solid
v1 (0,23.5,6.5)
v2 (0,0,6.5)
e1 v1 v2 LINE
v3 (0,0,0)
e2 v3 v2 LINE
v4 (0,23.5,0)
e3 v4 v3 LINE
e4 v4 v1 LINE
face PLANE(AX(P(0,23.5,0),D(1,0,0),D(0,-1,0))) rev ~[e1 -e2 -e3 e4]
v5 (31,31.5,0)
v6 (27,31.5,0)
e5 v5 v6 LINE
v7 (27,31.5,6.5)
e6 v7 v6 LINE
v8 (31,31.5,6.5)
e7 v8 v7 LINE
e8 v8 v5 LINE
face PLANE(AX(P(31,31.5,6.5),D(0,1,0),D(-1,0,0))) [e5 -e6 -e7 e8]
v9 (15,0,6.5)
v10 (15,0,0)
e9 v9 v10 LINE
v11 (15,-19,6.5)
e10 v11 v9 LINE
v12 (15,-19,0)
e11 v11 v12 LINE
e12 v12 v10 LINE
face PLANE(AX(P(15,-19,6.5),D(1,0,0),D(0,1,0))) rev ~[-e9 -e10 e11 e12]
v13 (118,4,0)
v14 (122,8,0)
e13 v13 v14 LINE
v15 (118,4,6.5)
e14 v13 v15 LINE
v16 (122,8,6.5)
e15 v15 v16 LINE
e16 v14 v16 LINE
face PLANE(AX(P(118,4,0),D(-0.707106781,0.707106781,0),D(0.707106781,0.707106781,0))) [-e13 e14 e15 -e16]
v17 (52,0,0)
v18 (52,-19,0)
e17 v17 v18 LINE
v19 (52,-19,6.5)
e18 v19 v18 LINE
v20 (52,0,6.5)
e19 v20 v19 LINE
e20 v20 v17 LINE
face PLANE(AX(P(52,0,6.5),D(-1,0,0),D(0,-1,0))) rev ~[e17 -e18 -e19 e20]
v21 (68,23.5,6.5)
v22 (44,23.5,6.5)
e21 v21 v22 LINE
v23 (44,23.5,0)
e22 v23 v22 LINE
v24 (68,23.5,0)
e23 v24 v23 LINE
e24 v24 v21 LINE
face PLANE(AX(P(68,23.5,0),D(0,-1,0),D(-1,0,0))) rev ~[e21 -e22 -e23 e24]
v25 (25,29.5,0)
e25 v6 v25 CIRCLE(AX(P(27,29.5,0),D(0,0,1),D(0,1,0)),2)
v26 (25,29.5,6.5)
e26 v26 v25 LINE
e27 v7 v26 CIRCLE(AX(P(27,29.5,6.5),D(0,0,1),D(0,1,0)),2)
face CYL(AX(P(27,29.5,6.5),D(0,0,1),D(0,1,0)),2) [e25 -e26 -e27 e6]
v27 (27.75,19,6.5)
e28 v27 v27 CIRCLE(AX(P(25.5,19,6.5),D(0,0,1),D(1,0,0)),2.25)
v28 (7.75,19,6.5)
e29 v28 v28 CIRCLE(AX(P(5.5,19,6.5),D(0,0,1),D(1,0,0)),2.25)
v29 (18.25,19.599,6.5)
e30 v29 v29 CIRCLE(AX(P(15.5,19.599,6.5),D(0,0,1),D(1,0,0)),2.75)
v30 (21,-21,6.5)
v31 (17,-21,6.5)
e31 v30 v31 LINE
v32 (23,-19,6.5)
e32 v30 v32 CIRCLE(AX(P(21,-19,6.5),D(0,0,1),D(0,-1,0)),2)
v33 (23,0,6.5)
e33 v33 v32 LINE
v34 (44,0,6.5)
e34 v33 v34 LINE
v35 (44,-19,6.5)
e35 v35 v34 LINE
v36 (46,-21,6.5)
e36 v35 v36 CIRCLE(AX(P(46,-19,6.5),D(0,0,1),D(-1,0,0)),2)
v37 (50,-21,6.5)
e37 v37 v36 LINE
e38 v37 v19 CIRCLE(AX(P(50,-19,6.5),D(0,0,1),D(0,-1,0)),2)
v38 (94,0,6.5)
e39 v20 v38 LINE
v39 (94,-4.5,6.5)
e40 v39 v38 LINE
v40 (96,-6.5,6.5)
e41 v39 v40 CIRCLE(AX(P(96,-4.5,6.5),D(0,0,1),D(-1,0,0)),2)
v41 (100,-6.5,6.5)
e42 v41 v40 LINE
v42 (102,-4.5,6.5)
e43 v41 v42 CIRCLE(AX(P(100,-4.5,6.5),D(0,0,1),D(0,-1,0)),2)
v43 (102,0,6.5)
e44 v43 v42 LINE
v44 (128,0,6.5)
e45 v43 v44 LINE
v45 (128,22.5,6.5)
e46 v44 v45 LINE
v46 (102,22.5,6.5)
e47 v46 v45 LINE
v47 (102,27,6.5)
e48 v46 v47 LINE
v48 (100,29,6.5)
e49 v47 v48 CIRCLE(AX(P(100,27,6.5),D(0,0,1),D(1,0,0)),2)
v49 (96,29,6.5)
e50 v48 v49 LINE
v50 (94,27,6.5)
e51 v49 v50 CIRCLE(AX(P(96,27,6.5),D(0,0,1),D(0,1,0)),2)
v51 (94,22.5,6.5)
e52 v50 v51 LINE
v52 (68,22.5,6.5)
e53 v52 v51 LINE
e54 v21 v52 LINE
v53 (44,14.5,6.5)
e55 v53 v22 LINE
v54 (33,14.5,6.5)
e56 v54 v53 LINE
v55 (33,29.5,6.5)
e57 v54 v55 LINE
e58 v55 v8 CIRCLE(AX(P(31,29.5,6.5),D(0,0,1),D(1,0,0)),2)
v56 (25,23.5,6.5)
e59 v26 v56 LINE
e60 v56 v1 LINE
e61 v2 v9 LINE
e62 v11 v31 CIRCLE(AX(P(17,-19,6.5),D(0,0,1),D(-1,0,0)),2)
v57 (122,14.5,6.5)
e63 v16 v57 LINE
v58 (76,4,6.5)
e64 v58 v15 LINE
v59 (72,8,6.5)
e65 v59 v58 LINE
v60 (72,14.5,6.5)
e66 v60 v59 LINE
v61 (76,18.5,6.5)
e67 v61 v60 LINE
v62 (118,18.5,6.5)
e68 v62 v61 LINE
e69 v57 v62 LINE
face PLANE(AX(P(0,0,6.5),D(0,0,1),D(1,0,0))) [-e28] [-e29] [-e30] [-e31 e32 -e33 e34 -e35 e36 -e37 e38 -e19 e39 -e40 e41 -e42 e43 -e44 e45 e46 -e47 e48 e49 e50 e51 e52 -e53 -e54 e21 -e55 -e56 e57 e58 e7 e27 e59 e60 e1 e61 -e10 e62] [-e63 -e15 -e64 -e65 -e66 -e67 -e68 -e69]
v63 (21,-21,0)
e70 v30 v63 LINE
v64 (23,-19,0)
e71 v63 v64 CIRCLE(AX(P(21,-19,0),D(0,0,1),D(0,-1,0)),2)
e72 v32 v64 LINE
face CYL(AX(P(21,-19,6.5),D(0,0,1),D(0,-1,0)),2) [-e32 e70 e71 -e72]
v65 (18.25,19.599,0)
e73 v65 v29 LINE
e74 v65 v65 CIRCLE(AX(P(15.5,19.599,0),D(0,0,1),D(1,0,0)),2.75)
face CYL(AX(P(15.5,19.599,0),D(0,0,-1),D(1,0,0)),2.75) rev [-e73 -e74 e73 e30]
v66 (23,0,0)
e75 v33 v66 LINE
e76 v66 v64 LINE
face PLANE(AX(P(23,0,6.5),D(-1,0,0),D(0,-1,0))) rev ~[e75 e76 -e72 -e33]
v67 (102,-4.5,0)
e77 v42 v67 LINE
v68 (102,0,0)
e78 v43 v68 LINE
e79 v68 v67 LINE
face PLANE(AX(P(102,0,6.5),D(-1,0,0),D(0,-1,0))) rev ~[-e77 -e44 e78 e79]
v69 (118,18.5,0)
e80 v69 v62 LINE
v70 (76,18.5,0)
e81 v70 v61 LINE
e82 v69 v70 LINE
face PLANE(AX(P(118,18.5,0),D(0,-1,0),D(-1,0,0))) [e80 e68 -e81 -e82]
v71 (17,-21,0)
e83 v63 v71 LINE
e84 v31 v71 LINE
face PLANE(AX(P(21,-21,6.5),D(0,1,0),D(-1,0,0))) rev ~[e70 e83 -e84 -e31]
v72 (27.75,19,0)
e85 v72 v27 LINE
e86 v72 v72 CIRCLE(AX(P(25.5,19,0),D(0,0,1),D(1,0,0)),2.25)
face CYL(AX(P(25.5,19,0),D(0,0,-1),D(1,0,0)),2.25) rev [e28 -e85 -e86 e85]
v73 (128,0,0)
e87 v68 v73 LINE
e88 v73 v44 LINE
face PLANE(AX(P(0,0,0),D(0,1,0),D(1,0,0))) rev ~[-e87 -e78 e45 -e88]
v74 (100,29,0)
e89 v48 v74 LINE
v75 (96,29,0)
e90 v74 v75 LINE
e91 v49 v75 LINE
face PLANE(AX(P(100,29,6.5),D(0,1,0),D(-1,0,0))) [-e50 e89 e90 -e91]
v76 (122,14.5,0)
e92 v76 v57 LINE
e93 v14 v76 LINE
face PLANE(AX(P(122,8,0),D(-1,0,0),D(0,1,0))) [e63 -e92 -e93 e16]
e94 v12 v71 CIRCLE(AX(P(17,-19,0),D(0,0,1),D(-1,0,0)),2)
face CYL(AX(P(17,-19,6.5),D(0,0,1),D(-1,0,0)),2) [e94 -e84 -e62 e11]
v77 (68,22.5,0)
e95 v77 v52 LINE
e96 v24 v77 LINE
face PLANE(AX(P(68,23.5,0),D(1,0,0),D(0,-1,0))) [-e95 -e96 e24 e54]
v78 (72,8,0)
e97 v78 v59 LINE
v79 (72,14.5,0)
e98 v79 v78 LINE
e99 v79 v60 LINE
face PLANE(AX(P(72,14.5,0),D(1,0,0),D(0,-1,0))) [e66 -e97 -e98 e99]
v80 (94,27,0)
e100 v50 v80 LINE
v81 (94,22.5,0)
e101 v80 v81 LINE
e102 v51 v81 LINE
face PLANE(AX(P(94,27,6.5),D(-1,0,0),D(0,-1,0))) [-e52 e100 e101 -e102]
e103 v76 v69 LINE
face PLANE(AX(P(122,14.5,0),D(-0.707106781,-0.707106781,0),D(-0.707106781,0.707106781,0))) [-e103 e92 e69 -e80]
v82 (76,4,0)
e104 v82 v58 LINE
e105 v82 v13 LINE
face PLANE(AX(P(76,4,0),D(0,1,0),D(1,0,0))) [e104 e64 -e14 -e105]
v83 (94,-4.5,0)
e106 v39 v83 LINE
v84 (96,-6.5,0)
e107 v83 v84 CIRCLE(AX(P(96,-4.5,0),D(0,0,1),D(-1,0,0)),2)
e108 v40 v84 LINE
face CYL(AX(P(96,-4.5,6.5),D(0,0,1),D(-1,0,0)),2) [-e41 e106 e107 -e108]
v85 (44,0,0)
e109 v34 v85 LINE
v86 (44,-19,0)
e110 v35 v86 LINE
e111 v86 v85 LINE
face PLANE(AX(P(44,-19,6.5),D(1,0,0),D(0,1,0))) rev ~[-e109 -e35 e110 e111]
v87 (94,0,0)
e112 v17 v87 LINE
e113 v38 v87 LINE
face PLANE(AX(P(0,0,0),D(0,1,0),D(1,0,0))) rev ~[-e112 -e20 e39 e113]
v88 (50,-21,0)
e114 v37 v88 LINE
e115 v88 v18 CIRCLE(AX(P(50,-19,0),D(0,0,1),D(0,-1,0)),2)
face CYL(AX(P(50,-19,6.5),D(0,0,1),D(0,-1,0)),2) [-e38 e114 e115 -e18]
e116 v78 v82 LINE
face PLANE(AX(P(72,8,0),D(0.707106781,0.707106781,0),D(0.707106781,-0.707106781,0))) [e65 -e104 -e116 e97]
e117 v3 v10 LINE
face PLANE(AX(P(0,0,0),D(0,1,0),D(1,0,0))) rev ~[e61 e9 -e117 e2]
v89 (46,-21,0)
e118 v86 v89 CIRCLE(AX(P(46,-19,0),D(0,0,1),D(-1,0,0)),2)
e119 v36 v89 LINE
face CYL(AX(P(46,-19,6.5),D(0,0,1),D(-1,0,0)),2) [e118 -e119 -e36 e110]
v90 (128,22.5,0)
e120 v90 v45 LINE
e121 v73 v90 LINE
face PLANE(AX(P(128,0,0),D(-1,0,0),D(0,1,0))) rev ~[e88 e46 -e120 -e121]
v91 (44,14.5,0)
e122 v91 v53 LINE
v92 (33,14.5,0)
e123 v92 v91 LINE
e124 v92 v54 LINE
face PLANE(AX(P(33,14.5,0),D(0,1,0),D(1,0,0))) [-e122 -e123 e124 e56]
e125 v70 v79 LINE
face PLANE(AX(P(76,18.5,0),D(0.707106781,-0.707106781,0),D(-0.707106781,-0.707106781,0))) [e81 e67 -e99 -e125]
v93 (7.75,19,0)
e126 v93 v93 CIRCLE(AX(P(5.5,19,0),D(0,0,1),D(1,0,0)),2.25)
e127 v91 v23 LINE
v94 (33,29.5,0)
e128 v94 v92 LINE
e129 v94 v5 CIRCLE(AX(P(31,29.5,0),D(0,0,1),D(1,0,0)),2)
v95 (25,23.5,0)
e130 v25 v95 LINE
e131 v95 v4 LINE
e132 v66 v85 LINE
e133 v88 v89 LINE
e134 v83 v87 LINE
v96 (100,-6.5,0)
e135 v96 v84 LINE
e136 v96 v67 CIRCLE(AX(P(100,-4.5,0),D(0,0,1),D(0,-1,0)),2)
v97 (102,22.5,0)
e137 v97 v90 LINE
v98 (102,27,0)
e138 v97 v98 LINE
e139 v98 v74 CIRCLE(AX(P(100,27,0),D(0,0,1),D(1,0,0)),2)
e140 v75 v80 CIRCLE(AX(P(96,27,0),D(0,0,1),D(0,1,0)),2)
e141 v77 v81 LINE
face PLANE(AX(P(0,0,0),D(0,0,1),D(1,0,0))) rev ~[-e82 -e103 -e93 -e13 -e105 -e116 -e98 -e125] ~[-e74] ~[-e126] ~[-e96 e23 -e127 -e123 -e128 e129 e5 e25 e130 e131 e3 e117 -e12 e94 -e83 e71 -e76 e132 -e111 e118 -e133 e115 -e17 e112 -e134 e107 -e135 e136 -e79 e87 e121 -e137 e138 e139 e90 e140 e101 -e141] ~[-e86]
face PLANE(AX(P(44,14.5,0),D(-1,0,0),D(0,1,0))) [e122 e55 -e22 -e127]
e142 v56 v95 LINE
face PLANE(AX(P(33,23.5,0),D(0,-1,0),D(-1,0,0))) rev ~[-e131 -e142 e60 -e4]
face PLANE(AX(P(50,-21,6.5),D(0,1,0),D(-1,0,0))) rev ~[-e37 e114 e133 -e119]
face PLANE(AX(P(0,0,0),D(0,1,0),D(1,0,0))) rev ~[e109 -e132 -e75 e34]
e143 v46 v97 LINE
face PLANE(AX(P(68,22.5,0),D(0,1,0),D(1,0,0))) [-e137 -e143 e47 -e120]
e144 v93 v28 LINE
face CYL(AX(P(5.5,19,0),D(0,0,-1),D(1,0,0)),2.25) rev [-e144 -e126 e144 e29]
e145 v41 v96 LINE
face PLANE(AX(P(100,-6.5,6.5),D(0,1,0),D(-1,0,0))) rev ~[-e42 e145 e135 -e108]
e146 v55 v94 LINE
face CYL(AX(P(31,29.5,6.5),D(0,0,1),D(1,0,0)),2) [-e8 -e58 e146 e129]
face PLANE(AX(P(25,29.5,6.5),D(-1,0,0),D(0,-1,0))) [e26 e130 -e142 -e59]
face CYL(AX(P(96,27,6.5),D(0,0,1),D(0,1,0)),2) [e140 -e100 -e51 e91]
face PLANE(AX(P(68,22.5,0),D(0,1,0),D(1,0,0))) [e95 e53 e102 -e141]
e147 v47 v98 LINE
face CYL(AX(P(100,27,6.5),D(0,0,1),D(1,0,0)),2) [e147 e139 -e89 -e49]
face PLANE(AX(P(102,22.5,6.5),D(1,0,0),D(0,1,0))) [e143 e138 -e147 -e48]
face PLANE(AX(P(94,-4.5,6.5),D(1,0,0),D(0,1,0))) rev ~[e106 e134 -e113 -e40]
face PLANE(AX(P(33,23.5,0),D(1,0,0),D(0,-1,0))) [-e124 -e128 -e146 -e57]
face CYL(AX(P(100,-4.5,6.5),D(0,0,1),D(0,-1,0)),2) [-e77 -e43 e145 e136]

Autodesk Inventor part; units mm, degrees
ref_plane "YZ Plane" through (0, 0, 0) normal (1, 0, 0) x (0, 1, 0)
ref_plane "XZ Plane" through (0, 0, 0) normal (0, 1, 0) x (-1, 0, 0)
ref_plane "XY Plane" through (0, 0, 0) normal (0, 0, 1) x (1, 0, 0)
sketch "Sketch1" plane through (0, 0, 0) normal (0, 0, 1) x (1, 0, 0)
  line L0 (0, 0) -> (128, 0)
  line L1 (128, 0) -> (128, 22.5)
  line L2 (0, 23.5) -> (0, 0)
  line L3 (68, 23.5) -> (68, 22.5)
  line L4 (68, 22.5) -> (128, 22.5)
  line L5 (33, 23.5) -> (33, 14.5)
  line L6 (33, 14.5) -> (44, 14.5)
  line L7 (44, 14.5) -> (44, 23.5)
  line L8 (68, 23.5) -> (44, 23.5)
  line L9 (33, 23.5) -> (0, 23.5)
  line L10 (72, 14.5) -> (72, 8)
  line L11 (72, 8) -> (76, 4)
  line L12 (76, 4) -> (118, 4)
  line L13 (118, 4) -> (122, 8)
  line L14 (122, 8) -> (122, 14.5)
  line L15 (122, 14.5) -> (118, 18.5)
  line L16 (118, 18.5) -> (76, 18.5)
  line L17 (76, 18.5) -> (72, 14.5)
  line L18 (68, 22.5) -> (68, 0) construction
  circle A0 centre (5.5, 19) radius 2.25
  circle A1 centre (25.5, 19) radius 2.25
  circle A2 centre (15.5, 19.599) radius 2.75
  circle A3 centre (38.5, 19.599) radius 7.5 construction
  circle A4 centre (38.5, 19.599) radius 4 construction
  point P0 (33, 19)
  dimension "d0" = 128
  dimension "d1" = 23.5
  dimension "d2" = 22.5
  dimension "d3" = 60
  dimension "d4" = 11
  dimension "d5" = 9
  dimension "d6" = 33
  dimension "d7" = 45
  dimension "d8" = 4
  dimension "d9" = 4
  dimension "d10" = 6
  dimension "d11" = 4
  dimension "d12" = 4
  dimension "d13" = 4.5
  dimension "d14" = 4.5
  dimension "d15" = 5.5
  dimension "d16" = 20
  dimension "d17" = 5.5
  dimension "d18" = 8
  dimension "d19" = 15
  dimension "d20" = 10
extrude "Extrusion1" add sketch "Sketch1" along normal blind 6.5
sketch "Sketch2" plane through (0, 0, 6.5) normal (0, 0, 1) x (1, 0, 0)
  line L0 (0, 0) -> (128, 0) projected
  line L1 (128, 0) -> (128, 22.5) projected
  line L2 (128, 22.5) -> (68, 22.5) projected
  line L3 (33, 23.5) -> (0, 23.5) projected
  line L4 (0, 23.5) -> (0, 0) projected
  line L5 (25, 23.5) -> (33, 23.5)
  line L6 (33, 23.5) -> (33, 29.5)
  line L7 (31, 31.5) -> (27, 31.5)
  line L8 (25, 29.5) -> (25, 23.5)
  line L9 (94, 22.5) -> (102, 22.5)
  line L10 (102, 22.5) -> (102, 27)
  line L11 (100, 29) -> (96, 29)
  line L12 (94, 27) -> (94, 22.5)
  line L13 (15, 0) -> (23, 0)
  line L14 (23, 0) -> (23, -19)
  line L15 (21, -21) -> (17, -21)
  line L16 (15, -19) -> (15, 0)
  line L17 (44, 0) -> (52, 0)
  line L18 (52, 0) -> (52, -19)
  line L19 (50, -21) -> (46, -21)
  line L20 (44, -19) -> (44, 0)
  line L21 (94, 0) -> (102, 0)
  line L22 (102, 0) -> (102, -4.5)
  line L23 (100, -6.5) -> (96, -6.5)
  line L24 (94, -4.5) -> (94, 0)
  arc A0 (27, 31.5) -> (25, 29.5) centre (27, 29.5) ccw
  arc A1 (33, 29.5) -> (31, 31.5) centre (31, 29.5) ccw
  arc A2 (96, 29) -> (94, 27) centre (96, 27) ccw
  arc A3 (102, 27) -> (100, 29) centre (100, 27) ccw
  arc A4 (15, -19) -> (17, -21) centre (17, -19) ccw
  arc A5 (21, -21) -> (23, -19) centre (21, -19) ccw
  arc A6 (44, -19) -> (46, -21) centre (46, -19) ccw
  arc A7 (50, -21) -> (52, -19) centre (50, -19) ccw
  arc A8 (94, -4.5) -> (96, -6.5) centre (96, -4.5) ccw
  arc A9 (100, -6.5) -> (102, -4.5) centre (100, -4.5) ccw
  line L25 (33, 14.5) -> (33, 23.5) projected
  dimension "d23" = 2
  dimension "d24" = 8
  dimension "d25" = 8
  dimension "d26" = 8
  dimension "d27" = 8
  dimension "d28" = 8
  dimension "d29" = 21
  dimension "d30" = 8
  dimension "d31" = 6.5
  dimension "d33" = 26
  dimension "d34" = 15
  dimension "d35" = 21
  dimension "d38" = 6.5
extrude "Extrusion2" add sketch "Sketch2" against normal blind 6.5
properties part number "x_iddler_upper_nut_stop" material "Plywood, Finish"
